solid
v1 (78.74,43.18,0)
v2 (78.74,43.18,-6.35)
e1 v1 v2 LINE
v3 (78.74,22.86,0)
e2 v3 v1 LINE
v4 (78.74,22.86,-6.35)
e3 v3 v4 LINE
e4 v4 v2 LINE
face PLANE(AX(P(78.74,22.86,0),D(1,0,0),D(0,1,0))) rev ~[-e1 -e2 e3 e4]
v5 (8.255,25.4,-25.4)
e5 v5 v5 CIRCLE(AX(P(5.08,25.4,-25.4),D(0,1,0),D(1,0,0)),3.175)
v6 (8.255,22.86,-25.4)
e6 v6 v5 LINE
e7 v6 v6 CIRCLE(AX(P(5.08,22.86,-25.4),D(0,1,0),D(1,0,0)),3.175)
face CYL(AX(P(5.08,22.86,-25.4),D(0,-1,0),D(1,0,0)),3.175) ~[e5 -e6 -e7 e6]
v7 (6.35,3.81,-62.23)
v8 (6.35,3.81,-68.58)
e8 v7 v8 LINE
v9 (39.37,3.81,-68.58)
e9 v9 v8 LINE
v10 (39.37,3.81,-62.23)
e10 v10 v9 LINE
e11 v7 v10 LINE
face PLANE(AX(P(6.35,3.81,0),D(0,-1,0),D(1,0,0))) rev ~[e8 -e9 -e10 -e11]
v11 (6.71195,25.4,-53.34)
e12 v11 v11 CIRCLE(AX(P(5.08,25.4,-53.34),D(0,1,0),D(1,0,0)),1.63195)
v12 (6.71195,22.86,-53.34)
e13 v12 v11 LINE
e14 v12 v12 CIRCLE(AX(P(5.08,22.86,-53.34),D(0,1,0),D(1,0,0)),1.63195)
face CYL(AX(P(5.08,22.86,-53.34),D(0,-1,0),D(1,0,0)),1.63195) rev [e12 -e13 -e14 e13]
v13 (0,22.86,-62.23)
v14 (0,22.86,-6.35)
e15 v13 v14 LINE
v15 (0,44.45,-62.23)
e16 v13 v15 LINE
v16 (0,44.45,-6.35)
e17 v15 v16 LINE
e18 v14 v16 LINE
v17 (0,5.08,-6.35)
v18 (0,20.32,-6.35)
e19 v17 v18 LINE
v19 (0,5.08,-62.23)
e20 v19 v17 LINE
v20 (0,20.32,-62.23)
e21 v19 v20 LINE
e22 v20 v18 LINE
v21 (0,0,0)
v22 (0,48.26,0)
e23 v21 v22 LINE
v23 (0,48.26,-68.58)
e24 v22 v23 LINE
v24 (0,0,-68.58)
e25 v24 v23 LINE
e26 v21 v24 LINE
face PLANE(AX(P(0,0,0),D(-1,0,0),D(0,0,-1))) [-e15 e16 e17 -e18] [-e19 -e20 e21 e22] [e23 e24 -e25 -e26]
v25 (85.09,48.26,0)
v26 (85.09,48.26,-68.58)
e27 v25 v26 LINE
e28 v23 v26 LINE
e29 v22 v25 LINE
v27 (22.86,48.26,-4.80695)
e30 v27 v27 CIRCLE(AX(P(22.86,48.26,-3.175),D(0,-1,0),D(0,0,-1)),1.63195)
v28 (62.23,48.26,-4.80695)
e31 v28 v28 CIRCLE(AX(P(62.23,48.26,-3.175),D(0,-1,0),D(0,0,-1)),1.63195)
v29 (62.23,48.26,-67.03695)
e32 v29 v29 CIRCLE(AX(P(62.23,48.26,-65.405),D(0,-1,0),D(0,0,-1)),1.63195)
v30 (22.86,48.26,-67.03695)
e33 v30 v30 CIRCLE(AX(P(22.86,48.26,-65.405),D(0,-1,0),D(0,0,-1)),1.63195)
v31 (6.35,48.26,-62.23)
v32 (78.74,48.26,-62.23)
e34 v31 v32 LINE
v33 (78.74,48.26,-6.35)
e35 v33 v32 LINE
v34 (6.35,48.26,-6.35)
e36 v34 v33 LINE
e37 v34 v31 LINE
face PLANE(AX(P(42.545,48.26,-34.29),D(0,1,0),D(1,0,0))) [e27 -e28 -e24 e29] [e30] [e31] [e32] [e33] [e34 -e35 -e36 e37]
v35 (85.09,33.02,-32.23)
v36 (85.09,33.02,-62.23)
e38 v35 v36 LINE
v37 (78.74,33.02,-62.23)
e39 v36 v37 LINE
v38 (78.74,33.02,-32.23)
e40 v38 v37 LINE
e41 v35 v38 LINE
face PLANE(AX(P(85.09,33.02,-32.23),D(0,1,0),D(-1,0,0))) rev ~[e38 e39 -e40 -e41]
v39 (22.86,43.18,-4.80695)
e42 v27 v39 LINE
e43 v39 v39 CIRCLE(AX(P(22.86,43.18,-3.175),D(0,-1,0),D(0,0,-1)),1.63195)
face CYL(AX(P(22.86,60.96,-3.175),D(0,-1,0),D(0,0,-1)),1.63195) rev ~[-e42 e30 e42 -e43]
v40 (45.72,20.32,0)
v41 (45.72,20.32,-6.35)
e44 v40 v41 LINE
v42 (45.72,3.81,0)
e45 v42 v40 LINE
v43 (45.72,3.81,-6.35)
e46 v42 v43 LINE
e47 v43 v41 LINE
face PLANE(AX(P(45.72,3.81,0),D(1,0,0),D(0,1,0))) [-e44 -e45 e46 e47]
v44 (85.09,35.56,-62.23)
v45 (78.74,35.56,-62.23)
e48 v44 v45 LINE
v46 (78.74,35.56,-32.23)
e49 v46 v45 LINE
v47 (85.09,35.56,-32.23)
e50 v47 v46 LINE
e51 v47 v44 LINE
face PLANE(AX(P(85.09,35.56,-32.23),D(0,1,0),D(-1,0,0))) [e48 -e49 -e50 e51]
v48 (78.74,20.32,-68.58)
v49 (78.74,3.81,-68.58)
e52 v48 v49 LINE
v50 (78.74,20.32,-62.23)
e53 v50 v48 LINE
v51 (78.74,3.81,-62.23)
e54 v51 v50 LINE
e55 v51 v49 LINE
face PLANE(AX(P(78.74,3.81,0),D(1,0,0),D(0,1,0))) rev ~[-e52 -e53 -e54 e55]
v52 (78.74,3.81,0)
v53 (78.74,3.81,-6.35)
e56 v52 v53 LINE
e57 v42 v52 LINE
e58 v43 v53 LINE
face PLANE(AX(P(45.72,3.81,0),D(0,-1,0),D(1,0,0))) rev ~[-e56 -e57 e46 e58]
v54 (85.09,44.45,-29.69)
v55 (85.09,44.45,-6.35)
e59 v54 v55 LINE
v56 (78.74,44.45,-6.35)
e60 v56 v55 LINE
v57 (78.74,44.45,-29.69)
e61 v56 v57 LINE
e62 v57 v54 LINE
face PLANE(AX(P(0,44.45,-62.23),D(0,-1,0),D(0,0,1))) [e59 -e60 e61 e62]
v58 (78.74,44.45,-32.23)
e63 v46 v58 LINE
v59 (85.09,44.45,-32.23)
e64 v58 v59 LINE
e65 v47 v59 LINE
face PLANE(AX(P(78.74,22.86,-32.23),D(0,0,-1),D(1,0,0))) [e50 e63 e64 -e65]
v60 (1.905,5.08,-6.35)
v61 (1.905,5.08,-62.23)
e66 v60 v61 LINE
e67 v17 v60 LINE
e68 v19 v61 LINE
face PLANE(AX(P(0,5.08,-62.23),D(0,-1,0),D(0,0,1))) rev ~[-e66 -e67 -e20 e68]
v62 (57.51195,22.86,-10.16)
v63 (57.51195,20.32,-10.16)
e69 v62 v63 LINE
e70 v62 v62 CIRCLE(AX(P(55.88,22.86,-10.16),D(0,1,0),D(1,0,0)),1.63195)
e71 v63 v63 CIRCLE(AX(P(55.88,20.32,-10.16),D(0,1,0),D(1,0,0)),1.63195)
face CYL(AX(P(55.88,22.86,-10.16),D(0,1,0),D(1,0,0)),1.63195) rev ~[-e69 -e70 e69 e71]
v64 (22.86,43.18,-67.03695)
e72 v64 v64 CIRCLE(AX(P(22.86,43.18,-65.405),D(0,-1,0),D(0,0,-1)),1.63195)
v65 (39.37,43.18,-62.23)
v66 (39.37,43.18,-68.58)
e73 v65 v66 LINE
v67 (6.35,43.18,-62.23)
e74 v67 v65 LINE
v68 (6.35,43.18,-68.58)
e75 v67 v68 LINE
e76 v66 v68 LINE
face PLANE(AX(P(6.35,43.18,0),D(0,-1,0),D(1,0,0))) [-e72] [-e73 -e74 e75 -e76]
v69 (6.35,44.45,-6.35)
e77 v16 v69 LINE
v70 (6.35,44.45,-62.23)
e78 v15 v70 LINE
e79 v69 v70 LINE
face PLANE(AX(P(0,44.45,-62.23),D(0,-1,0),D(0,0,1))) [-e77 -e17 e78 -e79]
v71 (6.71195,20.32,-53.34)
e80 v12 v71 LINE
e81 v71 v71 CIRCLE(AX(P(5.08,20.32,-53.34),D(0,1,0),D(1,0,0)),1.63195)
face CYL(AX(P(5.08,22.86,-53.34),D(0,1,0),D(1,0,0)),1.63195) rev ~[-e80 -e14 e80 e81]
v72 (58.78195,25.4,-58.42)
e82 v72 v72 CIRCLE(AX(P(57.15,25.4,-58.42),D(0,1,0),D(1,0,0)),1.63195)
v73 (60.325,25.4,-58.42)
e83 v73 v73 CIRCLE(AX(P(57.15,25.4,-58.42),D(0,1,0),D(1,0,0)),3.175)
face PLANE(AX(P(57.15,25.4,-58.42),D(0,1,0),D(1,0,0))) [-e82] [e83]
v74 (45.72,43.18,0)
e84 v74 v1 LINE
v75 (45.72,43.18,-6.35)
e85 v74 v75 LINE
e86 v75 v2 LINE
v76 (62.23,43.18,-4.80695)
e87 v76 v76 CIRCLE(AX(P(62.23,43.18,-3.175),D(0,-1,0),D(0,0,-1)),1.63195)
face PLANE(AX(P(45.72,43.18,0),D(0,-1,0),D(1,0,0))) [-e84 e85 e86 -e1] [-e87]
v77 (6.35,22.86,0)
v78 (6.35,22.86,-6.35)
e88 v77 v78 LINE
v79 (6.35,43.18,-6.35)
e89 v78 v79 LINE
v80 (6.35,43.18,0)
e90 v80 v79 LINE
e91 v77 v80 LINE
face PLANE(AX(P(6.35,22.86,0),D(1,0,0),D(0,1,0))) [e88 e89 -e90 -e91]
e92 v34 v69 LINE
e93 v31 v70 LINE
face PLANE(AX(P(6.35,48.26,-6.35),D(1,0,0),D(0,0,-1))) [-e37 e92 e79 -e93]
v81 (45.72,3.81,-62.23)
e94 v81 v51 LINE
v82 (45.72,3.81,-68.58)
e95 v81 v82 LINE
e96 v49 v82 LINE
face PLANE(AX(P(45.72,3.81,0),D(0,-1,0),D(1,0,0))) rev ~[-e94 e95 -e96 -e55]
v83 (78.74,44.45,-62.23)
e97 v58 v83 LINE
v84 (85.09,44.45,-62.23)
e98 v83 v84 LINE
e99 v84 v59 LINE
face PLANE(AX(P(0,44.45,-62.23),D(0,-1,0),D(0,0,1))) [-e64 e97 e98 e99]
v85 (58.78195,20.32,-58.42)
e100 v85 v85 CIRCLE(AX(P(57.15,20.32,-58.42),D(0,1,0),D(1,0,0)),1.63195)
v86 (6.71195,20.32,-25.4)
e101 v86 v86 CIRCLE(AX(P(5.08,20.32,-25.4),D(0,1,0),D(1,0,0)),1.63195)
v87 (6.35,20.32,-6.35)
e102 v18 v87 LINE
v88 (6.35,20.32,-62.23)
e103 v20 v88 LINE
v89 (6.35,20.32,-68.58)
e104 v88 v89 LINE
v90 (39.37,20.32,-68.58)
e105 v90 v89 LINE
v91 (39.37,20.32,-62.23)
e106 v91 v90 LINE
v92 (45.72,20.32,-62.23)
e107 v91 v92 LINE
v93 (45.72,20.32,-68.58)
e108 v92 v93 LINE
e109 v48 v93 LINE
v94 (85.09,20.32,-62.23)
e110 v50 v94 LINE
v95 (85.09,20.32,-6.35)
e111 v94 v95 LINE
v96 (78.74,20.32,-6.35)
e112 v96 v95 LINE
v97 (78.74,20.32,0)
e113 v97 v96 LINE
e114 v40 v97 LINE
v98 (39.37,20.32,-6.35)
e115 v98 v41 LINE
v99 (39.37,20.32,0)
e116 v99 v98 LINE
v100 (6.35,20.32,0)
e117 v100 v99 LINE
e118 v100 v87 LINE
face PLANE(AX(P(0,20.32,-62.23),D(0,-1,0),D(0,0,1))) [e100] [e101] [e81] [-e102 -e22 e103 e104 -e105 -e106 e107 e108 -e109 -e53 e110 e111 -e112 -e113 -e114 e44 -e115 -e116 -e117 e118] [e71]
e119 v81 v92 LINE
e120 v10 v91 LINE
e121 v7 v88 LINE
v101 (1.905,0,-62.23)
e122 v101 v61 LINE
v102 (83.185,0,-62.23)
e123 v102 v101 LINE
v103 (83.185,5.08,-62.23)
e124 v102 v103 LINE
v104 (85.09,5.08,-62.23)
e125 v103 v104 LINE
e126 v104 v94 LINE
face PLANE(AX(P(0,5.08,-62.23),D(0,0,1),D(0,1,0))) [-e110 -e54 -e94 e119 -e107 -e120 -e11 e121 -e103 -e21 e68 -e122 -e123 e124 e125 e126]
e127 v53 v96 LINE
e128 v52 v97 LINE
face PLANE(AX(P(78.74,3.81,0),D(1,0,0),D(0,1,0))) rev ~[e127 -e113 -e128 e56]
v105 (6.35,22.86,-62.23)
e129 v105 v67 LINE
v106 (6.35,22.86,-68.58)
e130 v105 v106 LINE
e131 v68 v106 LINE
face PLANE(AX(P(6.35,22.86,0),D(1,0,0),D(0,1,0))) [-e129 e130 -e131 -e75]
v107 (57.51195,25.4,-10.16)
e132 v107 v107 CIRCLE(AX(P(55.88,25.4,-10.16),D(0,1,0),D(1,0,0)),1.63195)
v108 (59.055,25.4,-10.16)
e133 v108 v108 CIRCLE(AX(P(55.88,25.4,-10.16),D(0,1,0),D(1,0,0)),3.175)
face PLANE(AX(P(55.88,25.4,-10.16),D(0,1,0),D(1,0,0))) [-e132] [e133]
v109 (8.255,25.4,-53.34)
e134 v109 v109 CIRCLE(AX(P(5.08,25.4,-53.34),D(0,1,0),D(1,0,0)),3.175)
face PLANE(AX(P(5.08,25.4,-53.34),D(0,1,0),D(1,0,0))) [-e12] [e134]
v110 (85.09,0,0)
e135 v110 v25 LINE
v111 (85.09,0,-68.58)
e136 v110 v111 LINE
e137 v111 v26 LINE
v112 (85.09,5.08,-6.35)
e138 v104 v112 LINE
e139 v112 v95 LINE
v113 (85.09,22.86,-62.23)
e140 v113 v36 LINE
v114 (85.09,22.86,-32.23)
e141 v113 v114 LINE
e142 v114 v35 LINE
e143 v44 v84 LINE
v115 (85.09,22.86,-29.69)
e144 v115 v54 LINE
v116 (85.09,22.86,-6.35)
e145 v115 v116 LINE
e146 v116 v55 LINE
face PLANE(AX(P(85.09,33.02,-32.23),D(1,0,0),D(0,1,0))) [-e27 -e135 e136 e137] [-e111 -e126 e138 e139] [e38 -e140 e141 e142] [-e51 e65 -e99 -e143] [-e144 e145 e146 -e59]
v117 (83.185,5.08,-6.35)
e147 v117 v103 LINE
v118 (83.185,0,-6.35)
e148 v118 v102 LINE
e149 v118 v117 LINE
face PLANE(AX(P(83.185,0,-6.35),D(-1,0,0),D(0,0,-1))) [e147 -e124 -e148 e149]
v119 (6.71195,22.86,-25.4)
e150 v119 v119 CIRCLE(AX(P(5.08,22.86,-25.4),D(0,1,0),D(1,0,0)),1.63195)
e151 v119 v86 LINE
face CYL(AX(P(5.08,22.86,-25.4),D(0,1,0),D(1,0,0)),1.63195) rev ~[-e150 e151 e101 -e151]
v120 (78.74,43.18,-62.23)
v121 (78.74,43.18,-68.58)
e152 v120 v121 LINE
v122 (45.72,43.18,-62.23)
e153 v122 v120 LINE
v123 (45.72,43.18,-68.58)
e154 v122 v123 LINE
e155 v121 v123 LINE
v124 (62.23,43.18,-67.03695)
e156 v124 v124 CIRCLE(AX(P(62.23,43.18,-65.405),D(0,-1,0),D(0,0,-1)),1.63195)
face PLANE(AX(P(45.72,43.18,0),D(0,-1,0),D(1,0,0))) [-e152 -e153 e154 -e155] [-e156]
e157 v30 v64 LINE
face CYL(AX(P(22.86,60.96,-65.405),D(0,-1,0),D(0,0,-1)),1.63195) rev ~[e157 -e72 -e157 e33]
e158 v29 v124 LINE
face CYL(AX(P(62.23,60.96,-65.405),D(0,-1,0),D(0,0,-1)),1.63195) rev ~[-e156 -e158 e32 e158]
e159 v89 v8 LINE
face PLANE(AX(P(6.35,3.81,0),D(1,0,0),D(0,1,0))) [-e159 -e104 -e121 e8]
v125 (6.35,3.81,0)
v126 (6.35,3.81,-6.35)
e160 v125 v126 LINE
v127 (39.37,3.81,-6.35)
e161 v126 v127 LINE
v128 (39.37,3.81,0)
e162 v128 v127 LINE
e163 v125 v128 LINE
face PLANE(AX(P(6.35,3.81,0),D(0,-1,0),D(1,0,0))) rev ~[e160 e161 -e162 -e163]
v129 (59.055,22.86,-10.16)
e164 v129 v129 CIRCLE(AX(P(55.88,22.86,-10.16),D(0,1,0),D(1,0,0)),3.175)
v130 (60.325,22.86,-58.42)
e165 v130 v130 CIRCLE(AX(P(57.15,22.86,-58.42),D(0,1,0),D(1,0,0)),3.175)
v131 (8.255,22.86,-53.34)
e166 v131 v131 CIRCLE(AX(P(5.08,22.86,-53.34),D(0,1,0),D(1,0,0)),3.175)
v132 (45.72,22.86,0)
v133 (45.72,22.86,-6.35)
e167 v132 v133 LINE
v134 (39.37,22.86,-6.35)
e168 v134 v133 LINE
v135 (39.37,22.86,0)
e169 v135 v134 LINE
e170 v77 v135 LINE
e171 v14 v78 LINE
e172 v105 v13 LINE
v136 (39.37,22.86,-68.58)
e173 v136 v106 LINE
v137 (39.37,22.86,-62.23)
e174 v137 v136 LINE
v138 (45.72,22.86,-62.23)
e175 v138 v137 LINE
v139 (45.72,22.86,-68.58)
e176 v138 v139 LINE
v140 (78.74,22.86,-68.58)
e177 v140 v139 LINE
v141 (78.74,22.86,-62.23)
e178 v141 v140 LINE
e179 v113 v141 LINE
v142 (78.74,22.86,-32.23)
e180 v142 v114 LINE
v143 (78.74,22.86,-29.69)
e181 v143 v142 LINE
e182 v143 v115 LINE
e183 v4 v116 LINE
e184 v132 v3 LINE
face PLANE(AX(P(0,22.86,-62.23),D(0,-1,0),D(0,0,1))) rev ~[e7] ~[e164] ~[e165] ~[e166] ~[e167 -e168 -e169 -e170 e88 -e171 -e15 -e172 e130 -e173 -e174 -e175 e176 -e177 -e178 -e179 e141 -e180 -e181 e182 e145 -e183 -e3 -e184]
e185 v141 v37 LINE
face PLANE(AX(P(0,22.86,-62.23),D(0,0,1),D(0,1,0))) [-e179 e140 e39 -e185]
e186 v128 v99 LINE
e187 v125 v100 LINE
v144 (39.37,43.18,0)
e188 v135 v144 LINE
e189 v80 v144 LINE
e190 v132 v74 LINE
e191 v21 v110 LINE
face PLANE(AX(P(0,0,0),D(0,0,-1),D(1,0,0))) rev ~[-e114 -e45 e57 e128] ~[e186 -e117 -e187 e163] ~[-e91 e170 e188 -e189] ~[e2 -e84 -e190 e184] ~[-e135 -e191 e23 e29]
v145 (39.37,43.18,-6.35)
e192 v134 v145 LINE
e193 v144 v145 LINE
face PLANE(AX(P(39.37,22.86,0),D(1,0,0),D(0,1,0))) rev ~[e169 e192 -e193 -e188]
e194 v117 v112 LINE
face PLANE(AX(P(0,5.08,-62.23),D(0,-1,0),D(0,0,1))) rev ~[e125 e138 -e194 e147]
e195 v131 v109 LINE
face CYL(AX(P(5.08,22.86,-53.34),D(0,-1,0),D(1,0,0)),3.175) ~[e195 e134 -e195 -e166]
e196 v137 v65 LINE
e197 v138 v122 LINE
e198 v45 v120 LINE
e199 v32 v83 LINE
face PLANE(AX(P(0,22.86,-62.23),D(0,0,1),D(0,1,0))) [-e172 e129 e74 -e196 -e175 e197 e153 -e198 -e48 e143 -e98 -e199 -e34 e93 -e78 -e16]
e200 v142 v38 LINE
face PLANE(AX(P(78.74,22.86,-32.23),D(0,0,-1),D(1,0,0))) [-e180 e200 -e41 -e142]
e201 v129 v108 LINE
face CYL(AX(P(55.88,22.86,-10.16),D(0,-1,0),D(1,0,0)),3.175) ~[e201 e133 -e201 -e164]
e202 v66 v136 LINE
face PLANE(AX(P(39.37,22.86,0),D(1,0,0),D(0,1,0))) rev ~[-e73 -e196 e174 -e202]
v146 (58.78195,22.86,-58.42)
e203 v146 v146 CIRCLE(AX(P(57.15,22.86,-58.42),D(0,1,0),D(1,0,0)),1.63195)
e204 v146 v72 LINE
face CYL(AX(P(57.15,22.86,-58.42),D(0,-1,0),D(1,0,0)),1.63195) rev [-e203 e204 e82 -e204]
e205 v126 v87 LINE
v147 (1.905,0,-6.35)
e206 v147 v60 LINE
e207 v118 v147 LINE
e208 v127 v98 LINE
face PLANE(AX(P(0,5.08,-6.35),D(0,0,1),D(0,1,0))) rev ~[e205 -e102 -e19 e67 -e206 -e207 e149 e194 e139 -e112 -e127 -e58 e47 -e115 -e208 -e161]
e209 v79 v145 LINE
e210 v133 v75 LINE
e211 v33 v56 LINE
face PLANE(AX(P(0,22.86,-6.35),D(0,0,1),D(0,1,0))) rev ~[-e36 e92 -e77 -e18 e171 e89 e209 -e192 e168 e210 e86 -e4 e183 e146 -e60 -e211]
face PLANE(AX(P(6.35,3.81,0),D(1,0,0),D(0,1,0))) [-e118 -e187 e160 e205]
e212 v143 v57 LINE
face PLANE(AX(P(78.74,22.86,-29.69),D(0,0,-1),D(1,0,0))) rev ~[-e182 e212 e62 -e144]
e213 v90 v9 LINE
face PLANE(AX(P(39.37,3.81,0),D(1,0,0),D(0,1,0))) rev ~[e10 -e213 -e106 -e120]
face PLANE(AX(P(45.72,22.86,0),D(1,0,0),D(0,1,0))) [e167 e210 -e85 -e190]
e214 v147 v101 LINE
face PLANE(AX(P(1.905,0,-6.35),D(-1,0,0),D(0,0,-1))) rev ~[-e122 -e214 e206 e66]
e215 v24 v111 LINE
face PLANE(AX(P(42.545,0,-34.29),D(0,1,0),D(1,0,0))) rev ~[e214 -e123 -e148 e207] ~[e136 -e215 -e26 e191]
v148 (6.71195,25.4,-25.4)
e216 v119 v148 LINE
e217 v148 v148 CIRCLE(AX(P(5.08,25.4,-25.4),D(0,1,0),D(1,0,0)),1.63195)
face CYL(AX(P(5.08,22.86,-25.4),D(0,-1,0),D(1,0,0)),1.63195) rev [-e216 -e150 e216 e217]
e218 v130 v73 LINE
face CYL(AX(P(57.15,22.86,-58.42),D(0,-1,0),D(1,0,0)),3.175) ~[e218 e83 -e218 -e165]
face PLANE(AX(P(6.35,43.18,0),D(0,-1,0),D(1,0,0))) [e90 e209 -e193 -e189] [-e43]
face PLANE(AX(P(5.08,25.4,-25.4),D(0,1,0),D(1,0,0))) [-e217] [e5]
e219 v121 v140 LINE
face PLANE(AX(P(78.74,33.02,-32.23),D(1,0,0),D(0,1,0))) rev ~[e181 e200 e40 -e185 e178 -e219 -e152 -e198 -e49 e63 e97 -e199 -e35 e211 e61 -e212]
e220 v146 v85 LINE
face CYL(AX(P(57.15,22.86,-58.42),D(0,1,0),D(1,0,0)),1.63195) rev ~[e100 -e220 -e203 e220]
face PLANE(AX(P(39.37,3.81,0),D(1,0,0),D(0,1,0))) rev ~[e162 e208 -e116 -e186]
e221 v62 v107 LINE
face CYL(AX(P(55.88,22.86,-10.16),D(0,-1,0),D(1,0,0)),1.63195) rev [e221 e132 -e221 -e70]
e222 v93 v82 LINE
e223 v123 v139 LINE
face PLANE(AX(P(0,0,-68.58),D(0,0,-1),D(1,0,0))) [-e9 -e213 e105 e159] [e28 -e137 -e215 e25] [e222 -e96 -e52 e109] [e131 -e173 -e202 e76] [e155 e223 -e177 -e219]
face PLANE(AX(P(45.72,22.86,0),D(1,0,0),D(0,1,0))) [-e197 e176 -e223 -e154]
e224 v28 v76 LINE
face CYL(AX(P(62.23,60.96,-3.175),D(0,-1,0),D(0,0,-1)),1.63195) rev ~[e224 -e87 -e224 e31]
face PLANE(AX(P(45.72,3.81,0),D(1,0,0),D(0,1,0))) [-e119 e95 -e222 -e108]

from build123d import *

# Parameters (mm, degrees)
SKETCH1_W                        = 85.09
SKETCH1_H                        = 68.58
BOSS_EXTRUDE1_DEPTH              = 48.26
SKETCH2_W                        = 72.39
SKETCH2_H                        = 55.88
CUT_EXTRUDE1_DEPTH               = 25.4
SKETCH4_W                        = 55.88
SKETCH4_H                        = 21.59
SKETCH4_H_2                      = 15.24
CUT_EXTRUDE2_DEPTH               = 86.09
SKETCH5_W                        = 81.28
SKETCH5_H                        = 55.88
CUT_EXTRUDE4_DEPTH               = 20.32
F_30_0_1285_DIAMETER_HOLE1_D     = 3.2639
F_30_0_1285_DIAMETER_HOLE1_DEPTH = 12.7
F_30_0_1285_DIAMETER_HOLE1_TIP   = 0.980574487
SKETCH9_W                        = 33.02
SKETCH9_H                        = 16.51
SKETCH9_H_2                      = 20.32
CUT_EXTRUDE5_DEPTH               = 69.58
SKETCH10_R                       = 3.175
SKETCH10_R_2                     = 1.63195
BOSS_EXTRUDE2_DEPTH              = 2.54
CUT_EXTRUDE6_REACH               = 24.86
SKETCH10_3_R                     = 1.63195
SKETCH12_W                       = 6.35
SKETCH12_H                       = 2.54
BOSS_EXTRUDE3_DEPTH              = 22.606
SKETCH13_W                       = 6.35
SKETCH13_H                       = 2.54
BOSS_EXTRUDE4_DEPTH              = 33.782


with BuildPart() as part:
    # Sketch1 → Boss-Extrude1 (new body)
    with BuildSketch(Plane(origin=(0, 0, 0), x_dir=(1, 0, 0), z_dir=(0, 1, 0))):
        with Locations((42.545, 34.29)):
            Rectangle(SKETCH1_W, SKETCH1_H)
    extrude(amount=BOSS_EXTRUDE1_DEPTH)

    # Sketch2 → Cut-Extrude1 (cut)
    with BuildSketch(Plane(origin=(0, 48.26, 0), x_dir=(1, 0, 0), z_dir=(0, 1, 0))):
        with Locations((42.545, 34.29)):
            Rectangle(SKETCH2_W, SKETCH2_H)
    extrude(amount=-CUT_EXTRUDE1_DEPTH, mode=Mode.SUBTRACT)

    # Sketch4 → Cut-Extrude2 (cut, through all)
    with BuildSketch(Plane.ZY):
        with Locations((-34.29, 33.655)):
            Rectangle(SKETCH4_W, SKETCH4_H)
        with Locations((-34.29, 12.7)):
            Rectangle(SKETCH4_W, SKETCH4_H_2)
    extrude(amount=-CUT_EXTRUDE2_DEPTH, mode=Mode.SUBTRACT)

    # Sketch5 → Cut-Extrude4 (cut)
    with BuildSketch(Plane(origin=(0, 0, 0), x_dir=(-1, 0, 0), z_dir=(0, -1, 0))):
        with Locations((-42.545, 34.29)):
            Rectangle(SKETCH5_W, SKETCH5_H)
    extrude(amount=-CUT_EXTRUDE4_DEPTH, mode=Mode.SUBTRACT)

    # 30 _0.1285_ Diameter Hole1
    with Locations(Plane(origin=(22.86, 48.26, -3.175), x_dir=(0, 0, 1), z_dir=(0, 1, 0))):
        with Locations((0, 0), (-62.23, 0), (-62.23, 39.37), (0, 39.37)):
            Hole(F_30_0_1285_DIAMETER_HOLE1_D / 2, depth=F_30_0_1285_DIAMETER_HOLE1_DEPTH)
            with Locations((0, 0, -(F_30_0_1285_DIAMETER_HOLE1_DEPTH + F_30_0_1285_DIAMETER_HOLE1_TIP / 2))):  # 118° drill point
                Cone(0, F_30_0_1285_DIAMETER_HOLE1_D / 2, F_30_0_1285_DIAMETER_HOLE1_TIP, mode=Mode.SUBTRACT)

    # Sketch9 → Cut-Extrude5 (cut, through all)
    with BuildSketch(Plane.XY):
        with Locations((22.86, 12.065)):
            Rectangle(SKETCH9_W, SKETCH9_H)
        with Locations((22.86, 33.02)):
            Rectangle(SKETCH9_W, SKETCH9_H_2)
        with Locations((62.23, 33.02)):
            Rectangle(SKETCH9_W, SKETCH9_H_2)
        with Locations((62.23, 12.065)):
            Rectangle(SKETCH9_W, SKETCH9_H)
    extrude(amount=-CUT_EXTRUDE5_DEPTH, mode=Mode.SUBTRACT)

    # Sketch10 → Boss-Extrude2 (add)
    with BuildSketch(Plane(origin=(0, 22.86, 0), x_dir=(1, 0, 0), z_dir=(0, 1, 0))):
        with Locations((57.15, 58.42)):
            Circle(SKETCH10_R)
        with Locations((57.15, 58.42)):
            Circle(SKETCH10_R_2, mode=Mode.SUBTRACT)
        with Locations((55.88, 10.16)):
            Circle(SKETCH10_R)
        with Locations((55.88, 10.16)):
            Circle(SKETCH10_R_2, mode=Mode.SUBTRACT)
        with Locations((5.08, 25.4)):
            Circle(SKETCH10_R)
        with Locations((5.08, 25.4)):
            Circle(SKETCH10_R_2, mode=Mode.SUBTRACT)
        with Locations((5.08, 53.34)):
            Circle(SKETCH10_R)
        with Locations((5.08, 53.34)):
            Circle(SKETCH10_R_2, mode=Mode.SUBTRACT)
    extrude(amount=BOSS_EXTRUDE2_DEPTH)

    # Sketch10_3 → Cut-Extrude6 (cut, up to next)
    with BuildSketch(Plane(origin=(0, 22.86, 0), x_dir=(1, 0, 0), z_dir=(0, 1, 0)), mode=Mode.PRIVATE) as cut_extrude6_sk1:
        with Locations((57.15, 58.42)):
            Circle(SKETCH10_3_R)
    cut_extrude6_tool1 = extrude(cut_extrude6_sk1.sketch, amount=-CUT_EXTRUDE6_REACH, mode=Mode.PRIVATE) & part.part
    add(cut_extrude6_tool1.solids().sort_by_distance((57.15, 22.86, -58.42))[0], mode=Mode.SUBTRACT)
    # Sketch10_3 → Cut-Extrude6 (cut, up to next)
    with BuildSketch(Plane(origin=(0, 22.86, 0), x_dir=(1, 0, 0), z_dir=(0, 1, 0)), mode=Mode.PRIVATE) as cut_extrude6_sk2:
        with Locations((55.88, 10.16)):
            Circle(SKETCH10_3_R)
    cut_extrude6_tool2 = extrude(cut_extrude6_sk2.sketch, amount=-CUT_EXTRUDE6_REACH, mode=Mode.PRIVATE) & part.part
    add(cut_extrude6_tool2.solids().sort_by_distance((55.88, 22.86, -10.16))[0], mode=Mode.SUBTRACT)
    # Sketch10_3 → Cut-Extrude6 (cut, up to next)
    with BuildSketch(Plane(origin=(0, 22.86, 0), x_dir=(1, 0, 0), z_dir=(0, 1, 0)), mode=Mode.PRIVATE) as cut_extrude6_sk3:
        with Locations((5.08, 25.4)):
            Circle(SKETCH10_3_R)
    cut_extrude6_tool3 = extrude(cut_extrude6_sk3.sketch, amount=-CUT_EXTRUDE6_REACH, mode=Mode.PRIVATE) & part.part
    add(cut_extrude6_tool3.solids().sort_by_distance((5.08, 22.86, -25.4))[0], mode=Mode.SUBTRACT)
    # Sketch10_3 → Cut-Extrude6 (cut, up to next)
    with BuildSketch(Plane(origin=(0, 22.86, 0), x_dir=(1, 0, 0), z_dir=(0, 1, 0)), mode=Mode.PRIVATE) as cut_extrude6_sk4:
        with Locations((5.08, 53.34)):
            Circle(SKETCH10_3_R)
    cut_extrude6_tool4 = extrude(cut_extrude6_sk4.sketch, amount=-CUT_EXTRUDE6_REACH, mode=Mode.PRIVATE) & part.part
    add(cut_extrude6_tool4.solids().sort_by_distance((5.08, 22.86, -53.34))[0], mode=Mode.SUBTRACT)

    # Sketch12 → Boss-Extrude3 (add)
    with BuildSketch(Plane(origin=(0, 22.86, 0), x_dir=(1, 0, 0), z_dir=(0, 1, 0))):
        with Locations((81.915, 30.96)):
            Rectangle(SKETCH12_W, SKETCH12_H)
    extrude(amount=BOSS_EXTRUDE3_DEPTH)

    # Sketch13 → Boss-Extrude4 (add)
    with BuildSketch(Plane(origin=(0, 0, -32.23), x_dir=(-1, 0, 0), z_dir=(0, 0, -1))):
        with Locations((-81.915, 34.29)):
            Rectangle(SKETCH13_W, SKETCH13_H)
    extrude(amount=BOSS_EXTRUDE4_DEPTH)


solid = part.part
